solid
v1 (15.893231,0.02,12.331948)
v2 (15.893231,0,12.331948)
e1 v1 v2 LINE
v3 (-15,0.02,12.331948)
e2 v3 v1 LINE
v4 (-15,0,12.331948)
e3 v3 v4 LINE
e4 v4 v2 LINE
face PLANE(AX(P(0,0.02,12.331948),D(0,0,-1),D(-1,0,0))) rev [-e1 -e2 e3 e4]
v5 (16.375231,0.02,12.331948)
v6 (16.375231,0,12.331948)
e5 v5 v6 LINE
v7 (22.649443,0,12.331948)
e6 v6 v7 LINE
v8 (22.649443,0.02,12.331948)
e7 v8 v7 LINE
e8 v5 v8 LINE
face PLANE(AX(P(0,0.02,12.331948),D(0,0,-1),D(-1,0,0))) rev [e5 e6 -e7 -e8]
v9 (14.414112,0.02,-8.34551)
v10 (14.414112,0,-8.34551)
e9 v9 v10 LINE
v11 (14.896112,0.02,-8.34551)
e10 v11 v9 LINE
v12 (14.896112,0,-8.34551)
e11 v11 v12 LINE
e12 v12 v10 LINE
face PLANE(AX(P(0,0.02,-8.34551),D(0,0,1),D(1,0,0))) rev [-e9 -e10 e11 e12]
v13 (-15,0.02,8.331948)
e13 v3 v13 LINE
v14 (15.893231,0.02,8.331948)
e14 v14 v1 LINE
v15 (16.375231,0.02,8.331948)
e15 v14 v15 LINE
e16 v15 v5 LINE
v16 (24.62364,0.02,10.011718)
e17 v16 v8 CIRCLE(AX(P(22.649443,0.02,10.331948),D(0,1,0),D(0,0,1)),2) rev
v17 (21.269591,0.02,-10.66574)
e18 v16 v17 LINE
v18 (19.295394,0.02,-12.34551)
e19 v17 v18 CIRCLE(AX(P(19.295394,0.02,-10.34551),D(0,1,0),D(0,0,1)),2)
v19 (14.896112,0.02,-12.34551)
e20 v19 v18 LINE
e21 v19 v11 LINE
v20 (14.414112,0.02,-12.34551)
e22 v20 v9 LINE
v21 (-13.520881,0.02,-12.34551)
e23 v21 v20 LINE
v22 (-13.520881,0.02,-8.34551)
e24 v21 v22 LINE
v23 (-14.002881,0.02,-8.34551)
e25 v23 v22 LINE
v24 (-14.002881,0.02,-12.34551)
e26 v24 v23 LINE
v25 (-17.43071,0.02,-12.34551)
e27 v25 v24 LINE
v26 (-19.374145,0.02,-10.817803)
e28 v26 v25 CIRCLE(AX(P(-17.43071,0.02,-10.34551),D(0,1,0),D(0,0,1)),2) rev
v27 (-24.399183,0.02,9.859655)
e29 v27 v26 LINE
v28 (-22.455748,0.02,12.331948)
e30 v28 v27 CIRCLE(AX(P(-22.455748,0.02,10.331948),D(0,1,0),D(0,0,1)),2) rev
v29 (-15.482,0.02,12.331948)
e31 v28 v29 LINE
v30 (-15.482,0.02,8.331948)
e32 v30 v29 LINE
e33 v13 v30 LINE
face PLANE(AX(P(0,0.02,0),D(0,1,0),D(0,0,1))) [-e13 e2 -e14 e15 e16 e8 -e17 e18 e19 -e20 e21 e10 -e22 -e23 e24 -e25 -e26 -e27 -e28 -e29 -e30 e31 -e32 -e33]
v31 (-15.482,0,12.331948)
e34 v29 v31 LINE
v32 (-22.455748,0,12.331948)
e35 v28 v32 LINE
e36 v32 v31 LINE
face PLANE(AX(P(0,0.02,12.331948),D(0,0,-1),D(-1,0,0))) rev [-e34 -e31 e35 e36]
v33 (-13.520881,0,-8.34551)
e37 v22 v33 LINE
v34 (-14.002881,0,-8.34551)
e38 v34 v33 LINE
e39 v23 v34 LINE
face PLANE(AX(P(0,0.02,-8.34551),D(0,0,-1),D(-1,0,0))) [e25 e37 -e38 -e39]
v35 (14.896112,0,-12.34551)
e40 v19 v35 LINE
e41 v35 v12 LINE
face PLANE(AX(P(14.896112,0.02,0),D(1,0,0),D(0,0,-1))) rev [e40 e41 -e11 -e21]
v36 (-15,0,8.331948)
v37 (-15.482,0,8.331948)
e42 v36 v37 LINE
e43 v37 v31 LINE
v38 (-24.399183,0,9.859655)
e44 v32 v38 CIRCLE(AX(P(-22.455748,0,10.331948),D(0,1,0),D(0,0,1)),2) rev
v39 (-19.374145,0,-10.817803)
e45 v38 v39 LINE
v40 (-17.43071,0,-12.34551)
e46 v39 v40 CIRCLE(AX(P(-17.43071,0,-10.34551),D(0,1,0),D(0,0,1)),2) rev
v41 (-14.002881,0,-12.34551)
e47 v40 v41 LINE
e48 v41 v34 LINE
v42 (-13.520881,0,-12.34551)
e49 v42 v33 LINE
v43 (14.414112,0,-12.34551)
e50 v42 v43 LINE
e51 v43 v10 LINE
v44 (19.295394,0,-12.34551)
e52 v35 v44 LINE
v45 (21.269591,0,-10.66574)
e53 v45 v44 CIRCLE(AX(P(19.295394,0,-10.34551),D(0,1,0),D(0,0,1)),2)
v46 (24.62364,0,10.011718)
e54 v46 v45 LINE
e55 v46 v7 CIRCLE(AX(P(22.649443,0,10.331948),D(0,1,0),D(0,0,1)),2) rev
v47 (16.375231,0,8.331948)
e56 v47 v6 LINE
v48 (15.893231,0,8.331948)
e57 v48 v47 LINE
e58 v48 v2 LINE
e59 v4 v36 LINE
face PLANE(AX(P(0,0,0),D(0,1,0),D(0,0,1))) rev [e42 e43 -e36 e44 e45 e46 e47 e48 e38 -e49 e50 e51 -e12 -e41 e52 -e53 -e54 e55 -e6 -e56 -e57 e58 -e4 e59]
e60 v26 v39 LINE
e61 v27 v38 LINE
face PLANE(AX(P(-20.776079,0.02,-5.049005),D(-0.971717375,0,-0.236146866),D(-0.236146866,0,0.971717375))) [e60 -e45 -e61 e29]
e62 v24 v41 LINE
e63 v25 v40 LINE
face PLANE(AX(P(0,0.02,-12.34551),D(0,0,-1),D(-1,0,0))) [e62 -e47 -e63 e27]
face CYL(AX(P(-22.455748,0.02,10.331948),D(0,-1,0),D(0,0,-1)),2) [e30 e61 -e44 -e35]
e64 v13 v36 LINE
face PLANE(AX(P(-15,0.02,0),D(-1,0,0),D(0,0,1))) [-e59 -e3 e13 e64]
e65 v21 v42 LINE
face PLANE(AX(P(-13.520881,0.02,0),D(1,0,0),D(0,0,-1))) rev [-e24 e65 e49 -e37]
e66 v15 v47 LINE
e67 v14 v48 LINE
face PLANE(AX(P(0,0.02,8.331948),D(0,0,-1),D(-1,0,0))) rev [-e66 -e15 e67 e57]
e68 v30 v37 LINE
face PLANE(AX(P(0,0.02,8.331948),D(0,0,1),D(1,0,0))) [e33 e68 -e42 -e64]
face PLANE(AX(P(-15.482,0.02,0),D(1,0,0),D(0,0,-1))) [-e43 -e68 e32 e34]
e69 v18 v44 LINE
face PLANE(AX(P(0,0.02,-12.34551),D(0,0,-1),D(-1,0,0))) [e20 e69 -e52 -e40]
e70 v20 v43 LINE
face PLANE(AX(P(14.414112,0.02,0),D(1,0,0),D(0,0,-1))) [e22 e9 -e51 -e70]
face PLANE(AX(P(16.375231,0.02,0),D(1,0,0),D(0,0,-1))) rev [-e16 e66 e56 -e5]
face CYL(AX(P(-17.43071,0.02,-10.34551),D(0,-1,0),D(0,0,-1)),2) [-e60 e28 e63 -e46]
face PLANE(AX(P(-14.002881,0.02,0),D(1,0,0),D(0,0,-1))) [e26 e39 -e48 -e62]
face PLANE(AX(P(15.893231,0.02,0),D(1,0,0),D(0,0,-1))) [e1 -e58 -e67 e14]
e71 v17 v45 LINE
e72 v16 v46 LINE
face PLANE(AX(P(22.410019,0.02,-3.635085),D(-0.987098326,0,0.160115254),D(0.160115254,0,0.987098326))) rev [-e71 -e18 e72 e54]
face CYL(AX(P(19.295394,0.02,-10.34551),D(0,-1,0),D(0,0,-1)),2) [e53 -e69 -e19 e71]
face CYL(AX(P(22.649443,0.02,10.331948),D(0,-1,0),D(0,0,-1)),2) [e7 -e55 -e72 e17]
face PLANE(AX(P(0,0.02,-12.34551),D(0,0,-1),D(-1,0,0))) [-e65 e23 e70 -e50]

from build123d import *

# Parameters (mm, degrees)
BOSS_EXTRUDE1_DEPTH = 0.02


with BuildPart() as part:
    # Parametric Corte Laser → Boss-Extrude1 (new body)
    with BuildSketch(Plane(origin=(0, 0, 0), x_dir=(1, 0, 0), z_dir=(0, 1, 0))):
        with BuildLine():
            ThreePointArc((-24.399182899, -9.859654755), (-24.028101077, -11.567952641), (-22.455748148, -12.331948487))
            Line((-22.455748148, -12.331948487), (-15.482, -12.331948487))
            Line((-15.482, -12.331948487), (-15.482, -8.331948487))
            Line((-15.482, -8.331948487), (-15, -8.331948487))
            Line((-15, -8.331948487), (-15, -12.331948487))
            Line((-15, -12.331948487), (15.893230755, -12.331948487))
            Line((15.893230755, -12.331948487), (15.893230755, -8.331948487))
            Line((15.893230755, -8.331948487), (16.375230755, -8.331948487))
            Line((16.375230755, -8.331948487), (16.375230755, -12.331948487))
            Line((16.375230755, -12.331948487), (22.649443378, -12.331948487))
            ThreePointArc((22.649443378, -12.331948487), (24.172673665, -11.628007704), (24.62364003, -10.01171798))
            Line((24.62364003, -10.01171798), (21.269590724, 10.665740175))
            ThreePointArc((21.269590724, 10.665740175), (20.591453289, 11.868739955), (19.295394072, 12.345509668))
            Line((19.295394072, 12.345509668), (14.896112094, 12.345509668))
            Line((14.896112094, 12.345509668), (14.896112094, 8.345509668))
            Line((14.896112094, 8.345509668), (14.414112094, 8.345509668))
            Line((14.414112094, 8.345509668), (14.414112094, 12.345509668))
            Line((14.414112094, 12.345509668), (-13.52088134, 12.345509668))
            Line((-13.52088134, 12.345509668), (-13.52088134, 8.345509668))
            Line((-13.52088134, 8.345509668), (-14.00288134, 8.345509668))
            Line((-14.00288134, 8.345509668), (-14.00288134, 12.345509668))
            Line((-14.00288134, 12.345509668), (-17.430709938, 12.345509668))
            ThreePointArc((-17.430709938, 12.345509668), (-18.666714092, 11.917862596), (-19.374144689, 10.8178034))
            Line((-19.374144689, 10.8178034), (-24.399182899, -9.859654755))
        make_face()
    extrude(amount=BOSS_EXTRUDE1_DEPTH)


solid = part.part
